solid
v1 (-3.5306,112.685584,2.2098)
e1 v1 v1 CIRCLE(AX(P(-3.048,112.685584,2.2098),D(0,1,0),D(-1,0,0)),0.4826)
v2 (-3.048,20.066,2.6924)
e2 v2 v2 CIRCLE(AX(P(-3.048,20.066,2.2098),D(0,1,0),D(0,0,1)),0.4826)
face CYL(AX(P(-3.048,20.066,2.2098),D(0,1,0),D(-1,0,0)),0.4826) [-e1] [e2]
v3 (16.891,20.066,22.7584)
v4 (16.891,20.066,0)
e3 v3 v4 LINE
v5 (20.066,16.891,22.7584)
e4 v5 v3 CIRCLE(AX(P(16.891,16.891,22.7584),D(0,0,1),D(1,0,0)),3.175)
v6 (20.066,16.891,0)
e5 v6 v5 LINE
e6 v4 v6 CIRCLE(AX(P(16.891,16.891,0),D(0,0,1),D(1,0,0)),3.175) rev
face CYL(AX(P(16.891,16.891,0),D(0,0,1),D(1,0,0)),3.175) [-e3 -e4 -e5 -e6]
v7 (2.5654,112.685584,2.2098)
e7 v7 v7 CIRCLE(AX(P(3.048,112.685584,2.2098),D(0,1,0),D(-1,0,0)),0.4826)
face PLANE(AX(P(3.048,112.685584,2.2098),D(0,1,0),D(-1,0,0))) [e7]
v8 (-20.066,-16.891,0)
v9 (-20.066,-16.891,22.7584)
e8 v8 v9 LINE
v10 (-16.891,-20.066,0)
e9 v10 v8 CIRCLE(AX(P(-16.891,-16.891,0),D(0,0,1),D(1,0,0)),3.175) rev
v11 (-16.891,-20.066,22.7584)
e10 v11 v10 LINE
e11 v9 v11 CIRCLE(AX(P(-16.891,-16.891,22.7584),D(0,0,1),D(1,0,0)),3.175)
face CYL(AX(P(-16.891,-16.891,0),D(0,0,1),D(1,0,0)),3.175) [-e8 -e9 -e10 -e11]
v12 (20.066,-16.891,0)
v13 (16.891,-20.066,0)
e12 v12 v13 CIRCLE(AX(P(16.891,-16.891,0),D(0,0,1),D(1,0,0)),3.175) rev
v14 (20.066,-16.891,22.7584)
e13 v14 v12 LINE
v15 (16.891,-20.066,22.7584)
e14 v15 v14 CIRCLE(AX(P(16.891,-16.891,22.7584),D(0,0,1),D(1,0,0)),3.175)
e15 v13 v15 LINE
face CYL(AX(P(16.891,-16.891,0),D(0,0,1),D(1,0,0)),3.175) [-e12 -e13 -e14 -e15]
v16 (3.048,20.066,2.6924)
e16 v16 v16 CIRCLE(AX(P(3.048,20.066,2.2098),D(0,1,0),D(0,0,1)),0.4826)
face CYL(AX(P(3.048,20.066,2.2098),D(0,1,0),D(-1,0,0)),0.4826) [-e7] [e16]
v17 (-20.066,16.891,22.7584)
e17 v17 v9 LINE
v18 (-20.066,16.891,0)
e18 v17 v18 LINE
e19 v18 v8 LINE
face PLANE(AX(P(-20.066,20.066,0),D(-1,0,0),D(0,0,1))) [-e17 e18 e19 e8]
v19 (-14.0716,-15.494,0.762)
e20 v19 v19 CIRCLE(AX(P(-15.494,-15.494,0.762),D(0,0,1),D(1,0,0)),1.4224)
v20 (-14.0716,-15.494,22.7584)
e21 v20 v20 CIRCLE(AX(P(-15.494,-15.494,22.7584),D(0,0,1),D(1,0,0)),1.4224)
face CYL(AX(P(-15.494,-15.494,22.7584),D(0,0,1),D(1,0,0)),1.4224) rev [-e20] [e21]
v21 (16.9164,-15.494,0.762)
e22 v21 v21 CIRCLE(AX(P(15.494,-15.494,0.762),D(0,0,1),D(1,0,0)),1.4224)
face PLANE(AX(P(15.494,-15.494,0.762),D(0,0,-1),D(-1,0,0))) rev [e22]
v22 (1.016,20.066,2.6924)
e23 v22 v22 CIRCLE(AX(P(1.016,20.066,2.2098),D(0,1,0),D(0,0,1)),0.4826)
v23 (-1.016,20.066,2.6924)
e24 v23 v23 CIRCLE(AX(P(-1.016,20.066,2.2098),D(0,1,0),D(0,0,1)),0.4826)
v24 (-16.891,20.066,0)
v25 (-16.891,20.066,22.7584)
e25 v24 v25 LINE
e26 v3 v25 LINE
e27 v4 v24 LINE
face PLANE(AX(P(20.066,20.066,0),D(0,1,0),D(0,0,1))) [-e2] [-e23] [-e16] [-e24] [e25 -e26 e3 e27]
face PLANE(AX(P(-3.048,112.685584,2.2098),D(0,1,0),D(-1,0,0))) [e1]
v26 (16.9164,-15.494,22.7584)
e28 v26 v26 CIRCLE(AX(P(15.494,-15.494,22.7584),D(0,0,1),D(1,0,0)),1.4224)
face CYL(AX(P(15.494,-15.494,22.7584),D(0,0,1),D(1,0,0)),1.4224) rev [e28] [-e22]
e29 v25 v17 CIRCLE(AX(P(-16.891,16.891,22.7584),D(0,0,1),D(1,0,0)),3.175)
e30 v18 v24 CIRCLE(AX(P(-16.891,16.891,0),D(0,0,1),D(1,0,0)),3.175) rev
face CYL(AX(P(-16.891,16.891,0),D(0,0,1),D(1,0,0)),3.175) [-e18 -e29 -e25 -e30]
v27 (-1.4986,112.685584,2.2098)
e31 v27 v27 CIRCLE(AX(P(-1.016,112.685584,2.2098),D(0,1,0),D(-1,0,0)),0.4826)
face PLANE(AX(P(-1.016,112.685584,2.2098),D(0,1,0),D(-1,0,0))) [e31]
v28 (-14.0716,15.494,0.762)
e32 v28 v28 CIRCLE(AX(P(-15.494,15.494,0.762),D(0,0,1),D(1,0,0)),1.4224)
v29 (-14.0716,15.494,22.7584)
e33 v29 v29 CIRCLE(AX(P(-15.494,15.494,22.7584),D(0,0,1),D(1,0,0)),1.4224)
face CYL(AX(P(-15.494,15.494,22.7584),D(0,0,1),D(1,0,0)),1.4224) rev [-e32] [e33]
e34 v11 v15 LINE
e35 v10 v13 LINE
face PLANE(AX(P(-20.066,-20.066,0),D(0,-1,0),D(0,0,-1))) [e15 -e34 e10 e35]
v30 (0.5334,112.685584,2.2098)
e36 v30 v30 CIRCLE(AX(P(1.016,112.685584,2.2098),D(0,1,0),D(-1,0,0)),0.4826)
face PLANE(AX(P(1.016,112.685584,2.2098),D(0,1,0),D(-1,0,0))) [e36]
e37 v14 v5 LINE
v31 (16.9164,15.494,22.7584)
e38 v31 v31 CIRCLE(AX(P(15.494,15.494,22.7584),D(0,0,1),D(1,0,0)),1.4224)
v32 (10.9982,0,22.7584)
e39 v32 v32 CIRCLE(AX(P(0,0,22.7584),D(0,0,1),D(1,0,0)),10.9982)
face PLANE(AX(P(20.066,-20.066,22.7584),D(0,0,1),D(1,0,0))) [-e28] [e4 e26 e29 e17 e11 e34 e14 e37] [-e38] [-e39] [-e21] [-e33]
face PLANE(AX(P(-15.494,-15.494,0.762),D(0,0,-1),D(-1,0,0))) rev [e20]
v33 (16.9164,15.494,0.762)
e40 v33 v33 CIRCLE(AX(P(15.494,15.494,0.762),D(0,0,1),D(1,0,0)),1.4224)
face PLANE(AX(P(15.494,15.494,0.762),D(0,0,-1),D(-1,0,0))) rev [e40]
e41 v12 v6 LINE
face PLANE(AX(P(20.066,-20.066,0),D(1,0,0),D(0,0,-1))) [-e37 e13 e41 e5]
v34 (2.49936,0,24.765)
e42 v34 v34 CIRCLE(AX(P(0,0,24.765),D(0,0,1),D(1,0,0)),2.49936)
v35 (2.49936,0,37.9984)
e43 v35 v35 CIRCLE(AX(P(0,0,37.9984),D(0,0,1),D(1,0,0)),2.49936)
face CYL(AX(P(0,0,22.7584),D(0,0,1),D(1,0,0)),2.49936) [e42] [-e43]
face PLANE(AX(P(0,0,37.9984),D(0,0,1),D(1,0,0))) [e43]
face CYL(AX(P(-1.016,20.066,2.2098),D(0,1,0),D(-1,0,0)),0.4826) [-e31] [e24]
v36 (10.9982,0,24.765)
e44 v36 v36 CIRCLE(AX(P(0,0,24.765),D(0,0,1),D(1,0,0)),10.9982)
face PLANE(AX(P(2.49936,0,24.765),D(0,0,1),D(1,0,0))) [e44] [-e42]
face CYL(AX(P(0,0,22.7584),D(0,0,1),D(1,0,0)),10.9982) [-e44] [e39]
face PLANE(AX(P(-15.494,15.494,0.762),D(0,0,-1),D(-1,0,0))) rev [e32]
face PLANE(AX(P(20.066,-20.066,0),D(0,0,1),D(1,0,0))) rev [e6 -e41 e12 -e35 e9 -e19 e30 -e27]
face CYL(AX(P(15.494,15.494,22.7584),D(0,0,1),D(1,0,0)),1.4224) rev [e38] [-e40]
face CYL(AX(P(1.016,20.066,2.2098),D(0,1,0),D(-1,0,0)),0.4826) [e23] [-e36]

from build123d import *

# Parameters (mm, degrees)
SKETCH1_W           = 40.132
SKETCH1_H           = 40.132
BOSS_EXTRUDE1_DEPTH = 22.7584
SKETCH2_W           = 0.4826
SKETCH2_H           = 92.619583511
SKETCH3_W           = 0.4826
SKETCH3_H           = 92.619583511
SKETCH4_W           = 0.4826
SKETCH4_H           = 92.619583511
SKETCH5_W           = 0.4826
SKETCH5_H           = 92.619583511
HOLE1_D             = 2.8448
HOLE1_DEPTH         = 21.9964
HOLE2_D             = 2.8448
HOLE2_DEPTH         = 21.9964
HOLE3_D             = 2.8448
HOLE3_DEPTH         = 21.9964
HOLE4_D             = 2.8448
HOLE4_DEPTH         = 21.9964
FILLET1_R           = 3.175
FILLET2_R           = 3.175
FILLET3_R           = 3.175
FILLET4_R           = 3.175


with BuildPart() as part:
    # Sketch1 → Boss-Extrude1 (new body)
    with BuildSketch(Plane.XY.offset(22.7584)):
        Rectangle(SKETCH1_W, SKETCH1_H)
    extrude(amount=-BOSS_EXTRUDE1_DEPTH)

    # Sketch2 → Revolve1 (revolve)
    with BuildSketch(Plane(origin=(0, 0, 2.2098), x_dir=(-1, 0, 0), z_dir=(0, 0, -1))):
        with Locations((2.8067, 66.375791756)):
            Rectangle(SKETCH2_W, SKETCH2_H)
    revolve(axis=Axis((-3.048, 20.066, 2.2098), (0, 1, 0)))

    # Sketch3 → Revolve2 (revolve)
    with BuildSketch(Plane(origin=(0, 0, 2.2098), x_dir=(-1, 0, 0), z_dir=(0, 0, -1))):
        with Locations((-1.2573, 66.375791756)):
            Rectangle(SKETCH3_W, SKETCH3_H)
    revolve(axis=Axis((1.016, 20.066, 2.2098), (0, 1, 0)))

    # Sketch4 → Revolve3 (revolve)
    with BuildSketch(Plane(origin=(0, 0, 2.2098), x_dir=(-1, 0, 0), z_dir=(0, 0, -1))):
        with Locations((-3.2893, 66.375791756)):
            Rectangle(SKETCH4_W, SKETCH4_H)
    revolve(axis=Axis((3.048, 20.066, 2.2098), (0, 1, 0)))

    # Sketch5 → Revolve4 (revolve)
    with BuildSketch(Plane(origin=(0, 0, 2.2098), x_dir=(-1, 0, 0), z_dir=(0, 0, -1))):
        with Locations((0.7747, 66.375791756)):
            Rectangle(SKETCH5_W, SKETCH5_H)
    revolve(axis=Axis((-1.016, 20.066, 2.2098), (0, 1, 0)))

    # Sketch6 → Revolve5 (revolve)
    with BuildSketch(Plane(origin=(0, 0, 0), x_dir=(1, 0, 0), z_dir=(0, 1, 0))):
        Polygon((10.9982, -22.7584), (0, -22.7584), (0, -37.9984), (2.49936, -37.9984), (2.49936, -24.765), (10.9982, -24.765), align=None)
    revolve(axis=Axis((0, 0, 22.7584), (0, 0, 1)))

    # Hole1
    with Locations(Plane.XY.offset(22.7584)):
        with Locations((-15.494, 15.494)):
            Hole(HOLE1_D / 2, depth=HOLE1_DEPTH)

    # Hole2
    with Locations(Plane.XY.offset(22.7584)):
        with Locations((15.494, 15.494)):
            Hole(HOLE2_D / 2, depth=HOLE2_DEPTH)

    # Hole3
    with Locations(Plane.XY.offset(22.7584)):
        with Locations((-15.494, -15.494)):
            Hole(HOLE3_D / 2, depth=HOLE3_DEPTH)

    # Hole4
    with Locations(Plane.XY.offset(22.7584)):
        with Locations((15.494, -15.494)):
            Hole(HOLE4_D / 2, depth=HOLE4_DEPTH)

    # Fillet1
    fillet1_edges = [part.edges().sort_by_distance(p)[0] for p in [
        (20.066, -20.066, 11.3792),
    ]]
    fillet(fillet1_edges, radius=FILLET1_R)

    # Fillet2
    fillet2_edges = [part.edges().sort_by_distance(p)[0] for p in [
        (-20.066, -20.066, 11.3792),
    ]]
    fillet(fillet2_edges, radius=FILLET2_R)

    # Fillet3
    fillet3_edges = [part.edges().sort_by_distance(p)[0] for p in [
        (20.066, 20.066, 11.3792),
    ]]
    fillet(fillet3_edges, radius=FILLET3_R)

    # Fillet4
    fillet4_edges = [part.edges().sort_by_distance(p)[0] for p in [
        (-20.066, 20.066, 11.3792),
    ]]
    fillet(fillet4_edges, radius=FILLET4_R)


solid = part.part
